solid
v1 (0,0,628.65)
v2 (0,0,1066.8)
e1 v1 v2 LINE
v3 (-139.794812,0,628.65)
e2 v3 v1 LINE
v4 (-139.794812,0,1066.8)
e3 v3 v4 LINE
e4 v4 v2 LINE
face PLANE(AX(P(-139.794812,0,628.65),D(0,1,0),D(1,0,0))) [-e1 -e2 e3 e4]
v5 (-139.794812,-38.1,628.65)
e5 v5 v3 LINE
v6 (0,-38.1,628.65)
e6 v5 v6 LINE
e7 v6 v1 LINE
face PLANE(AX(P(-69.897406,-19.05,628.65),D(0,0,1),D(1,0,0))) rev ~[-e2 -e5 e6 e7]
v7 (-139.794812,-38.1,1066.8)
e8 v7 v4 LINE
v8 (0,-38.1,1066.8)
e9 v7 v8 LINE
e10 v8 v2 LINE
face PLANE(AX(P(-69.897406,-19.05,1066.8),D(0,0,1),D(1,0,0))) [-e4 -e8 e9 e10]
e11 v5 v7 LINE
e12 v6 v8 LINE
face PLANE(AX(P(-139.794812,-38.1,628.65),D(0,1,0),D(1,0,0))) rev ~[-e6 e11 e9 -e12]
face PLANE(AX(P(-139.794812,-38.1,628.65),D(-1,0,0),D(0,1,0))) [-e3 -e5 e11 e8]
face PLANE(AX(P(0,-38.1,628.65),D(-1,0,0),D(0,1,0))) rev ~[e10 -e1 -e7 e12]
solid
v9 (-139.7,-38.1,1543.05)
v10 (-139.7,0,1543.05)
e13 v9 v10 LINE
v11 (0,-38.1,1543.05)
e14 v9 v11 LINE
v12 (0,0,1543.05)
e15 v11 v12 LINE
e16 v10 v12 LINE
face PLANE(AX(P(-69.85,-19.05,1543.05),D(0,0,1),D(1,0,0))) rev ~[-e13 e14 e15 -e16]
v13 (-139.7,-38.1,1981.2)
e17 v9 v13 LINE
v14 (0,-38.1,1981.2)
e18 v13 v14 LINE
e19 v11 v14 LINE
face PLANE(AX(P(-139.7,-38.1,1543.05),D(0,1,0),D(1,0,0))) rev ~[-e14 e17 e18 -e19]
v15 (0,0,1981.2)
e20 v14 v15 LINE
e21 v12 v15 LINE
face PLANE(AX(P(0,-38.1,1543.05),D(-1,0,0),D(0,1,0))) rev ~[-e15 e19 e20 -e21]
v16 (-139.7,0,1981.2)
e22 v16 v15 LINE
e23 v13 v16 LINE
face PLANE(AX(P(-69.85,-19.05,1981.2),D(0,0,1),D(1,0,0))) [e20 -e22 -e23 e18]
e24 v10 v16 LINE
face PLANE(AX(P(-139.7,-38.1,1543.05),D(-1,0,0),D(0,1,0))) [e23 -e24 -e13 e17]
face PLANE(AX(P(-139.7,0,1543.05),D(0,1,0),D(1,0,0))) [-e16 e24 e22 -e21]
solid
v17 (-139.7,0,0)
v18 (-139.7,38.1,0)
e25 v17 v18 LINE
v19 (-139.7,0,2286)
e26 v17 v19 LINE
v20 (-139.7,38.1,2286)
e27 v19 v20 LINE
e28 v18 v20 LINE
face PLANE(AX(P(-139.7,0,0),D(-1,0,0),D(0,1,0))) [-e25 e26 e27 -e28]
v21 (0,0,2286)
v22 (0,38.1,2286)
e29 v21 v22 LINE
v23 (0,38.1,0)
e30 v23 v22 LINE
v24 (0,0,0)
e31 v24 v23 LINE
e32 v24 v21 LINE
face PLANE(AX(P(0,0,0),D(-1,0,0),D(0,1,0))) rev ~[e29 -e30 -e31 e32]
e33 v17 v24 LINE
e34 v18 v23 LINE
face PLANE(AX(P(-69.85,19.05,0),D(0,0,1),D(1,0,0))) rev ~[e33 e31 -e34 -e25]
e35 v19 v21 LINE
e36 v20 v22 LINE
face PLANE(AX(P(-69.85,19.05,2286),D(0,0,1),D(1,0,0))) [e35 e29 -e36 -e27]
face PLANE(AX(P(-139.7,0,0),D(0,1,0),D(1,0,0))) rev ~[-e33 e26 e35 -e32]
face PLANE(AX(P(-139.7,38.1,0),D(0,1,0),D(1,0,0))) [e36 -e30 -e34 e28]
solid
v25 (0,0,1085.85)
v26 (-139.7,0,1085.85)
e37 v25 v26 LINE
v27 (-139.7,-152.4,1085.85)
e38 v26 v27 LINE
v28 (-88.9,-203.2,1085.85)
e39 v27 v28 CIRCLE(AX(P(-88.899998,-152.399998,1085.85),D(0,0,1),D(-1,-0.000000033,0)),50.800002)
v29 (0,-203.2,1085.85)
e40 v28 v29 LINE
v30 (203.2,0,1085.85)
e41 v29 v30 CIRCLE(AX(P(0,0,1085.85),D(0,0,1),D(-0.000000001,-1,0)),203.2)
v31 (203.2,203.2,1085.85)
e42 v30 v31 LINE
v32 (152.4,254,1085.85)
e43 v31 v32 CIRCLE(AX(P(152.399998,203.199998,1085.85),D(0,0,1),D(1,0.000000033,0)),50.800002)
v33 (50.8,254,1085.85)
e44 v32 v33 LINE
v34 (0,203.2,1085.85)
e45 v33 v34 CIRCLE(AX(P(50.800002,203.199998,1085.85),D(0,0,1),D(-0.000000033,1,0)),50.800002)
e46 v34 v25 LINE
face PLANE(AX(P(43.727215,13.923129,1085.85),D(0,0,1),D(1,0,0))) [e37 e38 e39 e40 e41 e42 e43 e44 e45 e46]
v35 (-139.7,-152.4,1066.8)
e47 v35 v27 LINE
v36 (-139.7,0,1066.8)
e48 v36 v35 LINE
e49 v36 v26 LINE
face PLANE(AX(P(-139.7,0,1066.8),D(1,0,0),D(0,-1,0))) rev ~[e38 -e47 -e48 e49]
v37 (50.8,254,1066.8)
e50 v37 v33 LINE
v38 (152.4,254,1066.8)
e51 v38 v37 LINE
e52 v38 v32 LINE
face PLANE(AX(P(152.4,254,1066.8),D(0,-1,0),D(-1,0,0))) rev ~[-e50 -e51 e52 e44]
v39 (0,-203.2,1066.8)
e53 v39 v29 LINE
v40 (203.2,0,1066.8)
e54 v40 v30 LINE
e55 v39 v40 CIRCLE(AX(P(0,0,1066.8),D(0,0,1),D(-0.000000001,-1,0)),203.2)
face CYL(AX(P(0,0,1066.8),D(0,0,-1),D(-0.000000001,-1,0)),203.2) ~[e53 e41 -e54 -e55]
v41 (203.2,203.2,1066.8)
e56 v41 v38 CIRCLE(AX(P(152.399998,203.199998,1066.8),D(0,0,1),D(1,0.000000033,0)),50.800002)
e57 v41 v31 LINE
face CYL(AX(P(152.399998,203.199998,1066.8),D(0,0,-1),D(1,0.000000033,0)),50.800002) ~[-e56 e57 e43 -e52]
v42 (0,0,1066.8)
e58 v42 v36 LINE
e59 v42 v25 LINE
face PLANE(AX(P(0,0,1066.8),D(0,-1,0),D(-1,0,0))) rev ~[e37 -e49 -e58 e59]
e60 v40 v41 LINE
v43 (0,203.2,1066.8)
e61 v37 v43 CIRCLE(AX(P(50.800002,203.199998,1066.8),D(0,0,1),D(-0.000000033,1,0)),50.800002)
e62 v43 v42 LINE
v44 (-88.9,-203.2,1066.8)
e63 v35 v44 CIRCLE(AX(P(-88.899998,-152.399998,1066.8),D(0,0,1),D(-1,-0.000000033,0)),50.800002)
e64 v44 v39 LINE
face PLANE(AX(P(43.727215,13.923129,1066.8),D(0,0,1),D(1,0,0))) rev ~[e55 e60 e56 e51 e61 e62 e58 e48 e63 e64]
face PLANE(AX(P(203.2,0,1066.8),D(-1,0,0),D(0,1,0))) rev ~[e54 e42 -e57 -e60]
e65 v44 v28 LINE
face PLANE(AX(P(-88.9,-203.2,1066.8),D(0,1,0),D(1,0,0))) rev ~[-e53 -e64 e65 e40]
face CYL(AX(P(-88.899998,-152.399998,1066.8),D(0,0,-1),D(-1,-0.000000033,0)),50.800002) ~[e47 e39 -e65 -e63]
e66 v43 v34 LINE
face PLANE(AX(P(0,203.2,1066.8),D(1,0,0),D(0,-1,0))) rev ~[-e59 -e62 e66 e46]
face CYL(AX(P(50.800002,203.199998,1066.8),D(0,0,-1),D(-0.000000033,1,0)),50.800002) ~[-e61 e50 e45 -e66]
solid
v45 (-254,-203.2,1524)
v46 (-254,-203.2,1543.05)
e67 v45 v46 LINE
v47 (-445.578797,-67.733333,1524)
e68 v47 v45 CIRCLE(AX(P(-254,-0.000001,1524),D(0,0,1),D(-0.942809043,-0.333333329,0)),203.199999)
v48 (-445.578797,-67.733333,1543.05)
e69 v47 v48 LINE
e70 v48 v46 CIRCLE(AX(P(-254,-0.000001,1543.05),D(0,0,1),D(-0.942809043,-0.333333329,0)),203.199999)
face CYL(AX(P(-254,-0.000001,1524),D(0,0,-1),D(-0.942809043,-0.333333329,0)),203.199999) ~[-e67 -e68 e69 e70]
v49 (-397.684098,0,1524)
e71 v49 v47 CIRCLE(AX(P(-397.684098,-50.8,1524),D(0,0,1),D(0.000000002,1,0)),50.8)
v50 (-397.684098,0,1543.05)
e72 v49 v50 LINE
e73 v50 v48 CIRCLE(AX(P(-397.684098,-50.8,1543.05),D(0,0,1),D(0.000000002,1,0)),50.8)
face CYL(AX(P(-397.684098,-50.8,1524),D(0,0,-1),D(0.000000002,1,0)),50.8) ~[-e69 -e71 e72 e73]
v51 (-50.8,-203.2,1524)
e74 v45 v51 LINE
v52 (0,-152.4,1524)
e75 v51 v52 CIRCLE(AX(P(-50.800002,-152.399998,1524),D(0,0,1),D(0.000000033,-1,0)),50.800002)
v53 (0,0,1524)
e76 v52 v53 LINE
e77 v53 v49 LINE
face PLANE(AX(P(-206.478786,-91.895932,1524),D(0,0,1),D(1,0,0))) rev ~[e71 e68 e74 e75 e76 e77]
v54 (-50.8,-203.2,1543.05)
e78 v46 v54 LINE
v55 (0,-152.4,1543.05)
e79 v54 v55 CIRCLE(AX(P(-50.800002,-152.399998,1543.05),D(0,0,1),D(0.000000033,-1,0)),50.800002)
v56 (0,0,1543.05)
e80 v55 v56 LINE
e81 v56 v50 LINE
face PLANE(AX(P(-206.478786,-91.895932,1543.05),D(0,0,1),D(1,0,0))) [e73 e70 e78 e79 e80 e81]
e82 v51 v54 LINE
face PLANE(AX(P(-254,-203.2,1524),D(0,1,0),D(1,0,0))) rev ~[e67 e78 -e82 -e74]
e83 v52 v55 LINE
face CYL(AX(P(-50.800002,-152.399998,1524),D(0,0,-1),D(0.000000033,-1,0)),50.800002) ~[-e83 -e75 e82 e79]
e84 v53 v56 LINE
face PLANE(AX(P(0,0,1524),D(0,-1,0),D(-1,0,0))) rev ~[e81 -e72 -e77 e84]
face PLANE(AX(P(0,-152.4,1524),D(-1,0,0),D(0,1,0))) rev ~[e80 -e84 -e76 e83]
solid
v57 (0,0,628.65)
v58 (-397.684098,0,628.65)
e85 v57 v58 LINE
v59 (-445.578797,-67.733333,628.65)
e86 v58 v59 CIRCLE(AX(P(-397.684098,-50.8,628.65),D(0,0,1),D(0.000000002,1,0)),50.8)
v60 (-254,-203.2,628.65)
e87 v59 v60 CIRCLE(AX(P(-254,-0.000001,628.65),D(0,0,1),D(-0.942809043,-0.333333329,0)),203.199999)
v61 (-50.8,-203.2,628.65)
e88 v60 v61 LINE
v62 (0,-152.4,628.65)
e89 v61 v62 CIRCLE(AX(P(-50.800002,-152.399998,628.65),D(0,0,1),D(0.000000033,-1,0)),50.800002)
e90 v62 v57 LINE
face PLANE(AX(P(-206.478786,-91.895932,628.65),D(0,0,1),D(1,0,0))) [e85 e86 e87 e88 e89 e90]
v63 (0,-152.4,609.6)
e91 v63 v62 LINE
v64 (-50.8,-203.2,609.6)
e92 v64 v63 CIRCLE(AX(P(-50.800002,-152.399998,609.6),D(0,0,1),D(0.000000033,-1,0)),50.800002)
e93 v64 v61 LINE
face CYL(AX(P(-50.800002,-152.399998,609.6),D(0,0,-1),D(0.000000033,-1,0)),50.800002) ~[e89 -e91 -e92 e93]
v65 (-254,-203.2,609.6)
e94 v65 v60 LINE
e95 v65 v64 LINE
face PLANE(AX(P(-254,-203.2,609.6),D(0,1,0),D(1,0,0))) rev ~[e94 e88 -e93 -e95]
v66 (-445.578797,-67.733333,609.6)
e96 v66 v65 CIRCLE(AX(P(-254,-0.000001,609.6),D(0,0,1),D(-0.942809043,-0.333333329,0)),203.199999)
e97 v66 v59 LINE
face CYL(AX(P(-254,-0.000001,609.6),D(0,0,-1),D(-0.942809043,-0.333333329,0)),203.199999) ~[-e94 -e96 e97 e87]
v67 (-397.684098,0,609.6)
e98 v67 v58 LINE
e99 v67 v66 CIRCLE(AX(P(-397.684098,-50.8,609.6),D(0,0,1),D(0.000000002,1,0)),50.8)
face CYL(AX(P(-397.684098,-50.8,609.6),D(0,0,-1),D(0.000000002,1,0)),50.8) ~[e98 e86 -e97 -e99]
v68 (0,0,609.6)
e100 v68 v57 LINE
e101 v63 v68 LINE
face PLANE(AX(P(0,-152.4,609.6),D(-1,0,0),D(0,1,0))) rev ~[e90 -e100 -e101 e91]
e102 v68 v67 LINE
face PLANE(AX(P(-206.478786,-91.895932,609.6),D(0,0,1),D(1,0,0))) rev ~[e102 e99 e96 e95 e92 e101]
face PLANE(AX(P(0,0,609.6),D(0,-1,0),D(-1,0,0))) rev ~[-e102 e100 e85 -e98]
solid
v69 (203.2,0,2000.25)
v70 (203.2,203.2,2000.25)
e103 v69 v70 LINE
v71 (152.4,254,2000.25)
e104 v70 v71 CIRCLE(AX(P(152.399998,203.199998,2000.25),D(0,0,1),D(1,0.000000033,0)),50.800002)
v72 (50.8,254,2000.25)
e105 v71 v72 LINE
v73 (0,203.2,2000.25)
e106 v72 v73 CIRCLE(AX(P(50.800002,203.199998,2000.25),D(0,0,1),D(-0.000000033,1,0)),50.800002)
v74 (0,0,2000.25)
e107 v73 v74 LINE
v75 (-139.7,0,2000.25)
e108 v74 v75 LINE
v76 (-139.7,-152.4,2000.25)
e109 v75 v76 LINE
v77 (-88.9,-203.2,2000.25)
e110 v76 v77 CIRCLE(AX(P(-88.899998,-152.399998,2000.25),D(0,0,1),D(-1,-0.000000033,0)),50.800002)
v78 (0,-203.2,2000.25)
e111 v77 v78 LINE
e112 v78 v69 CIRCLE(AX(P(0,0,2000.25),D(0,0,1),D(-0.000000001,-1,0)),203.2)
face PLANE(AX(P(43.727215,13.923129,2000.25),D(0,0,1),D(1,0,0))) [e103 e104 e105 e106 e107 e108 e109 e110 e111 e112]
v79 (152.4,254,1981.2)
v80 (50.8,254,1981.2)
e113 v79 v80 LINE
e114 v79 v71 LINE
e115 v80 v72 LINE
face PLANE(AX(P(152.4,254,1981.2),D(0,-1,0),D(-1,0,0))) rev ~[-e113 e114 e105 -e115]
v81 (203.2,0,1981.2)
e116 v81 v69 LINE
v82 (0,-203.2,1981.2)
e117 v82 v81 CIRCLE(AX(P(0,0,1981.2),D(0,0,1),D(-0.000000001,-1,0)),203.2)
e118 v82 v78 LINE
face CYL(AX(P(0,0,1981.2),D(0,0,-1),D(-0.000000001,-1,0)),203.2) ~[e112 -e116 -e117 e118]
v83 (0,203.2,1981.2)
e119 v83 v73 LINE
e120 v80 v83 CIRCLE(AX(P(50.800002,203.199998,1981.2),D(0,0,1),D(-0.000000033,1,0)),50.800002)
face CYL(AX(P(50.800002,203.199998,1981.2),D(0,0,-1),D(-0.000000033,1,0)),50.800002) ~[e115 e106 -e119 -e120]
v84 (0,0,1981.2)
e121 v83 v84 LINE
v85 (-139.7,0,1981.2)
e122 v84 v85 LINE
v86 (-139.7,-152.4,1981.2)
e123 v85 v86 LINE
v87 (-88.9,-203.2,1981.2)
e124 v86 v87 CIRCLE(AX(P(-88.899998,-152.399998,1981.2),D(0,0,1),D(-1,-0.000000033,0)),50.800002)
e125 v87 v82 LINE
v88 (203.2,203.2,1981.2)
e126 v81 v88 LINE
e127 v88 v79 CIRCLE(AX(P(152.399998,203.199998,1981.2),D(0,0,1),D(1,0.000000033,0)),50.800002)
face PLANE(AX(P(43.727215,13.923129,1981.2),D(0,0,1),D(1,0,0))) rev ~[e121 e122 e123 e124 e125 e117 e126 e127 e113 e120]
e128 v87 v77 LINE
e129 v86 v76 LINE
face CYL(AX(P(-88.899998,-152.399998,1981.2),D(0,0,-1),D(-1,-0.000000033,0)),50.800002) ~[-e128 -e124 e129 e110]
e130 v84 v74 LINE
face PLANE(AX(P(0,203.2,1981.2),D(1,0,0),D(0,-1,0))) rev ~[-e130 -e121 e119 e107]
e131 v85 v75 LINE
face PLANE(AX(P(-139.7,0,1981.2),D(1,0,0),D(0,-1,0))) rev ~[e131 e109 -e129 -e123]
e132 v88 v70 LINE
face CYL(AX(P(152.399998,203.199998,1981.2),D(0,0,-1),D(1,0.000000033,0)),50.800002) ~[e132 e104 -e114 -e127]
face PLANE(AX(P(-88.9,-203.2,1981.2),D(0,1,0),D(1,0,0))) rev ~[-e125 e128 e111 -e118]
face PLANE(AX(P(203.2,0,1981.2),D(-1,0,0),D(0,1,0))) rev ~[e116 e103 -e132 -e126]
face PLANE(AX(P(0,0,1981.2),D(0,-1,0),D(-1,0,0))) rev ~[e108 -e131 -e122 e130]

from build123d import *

# Parameters (mm, degrees)
F4_W      = 139.7
F4_H      = 38.1
F5_DEPTH  = 2286
F7_DEPTH  = 19.05
F9_DEPTH  = 19.05
F11_DEPTH = 19.05
F13_DEPTH = 19.05
F14_W     = 139.794812
F14_H     = 38.1
F15_DEPTH = 438.15
F16_W     = 139.7
F16_H     = 38.1
F17_DEPTH = 438.15


with BuildPart() as f5:
    # F4 (on Top) → F5 (new body)
    with BuildSketch(Plane.XY):
        with Locations((-69.85, 19.05)):
            Rectangle(F4_W, F4_H)
    extrude(amount=F5_DEPTH)


with BuildPart() as f7:
    # F6 (on offset) → F7 (new body)
    with BuildSketch(Plane.XY.offset(609.6)):
        with BuildLine():
            Line((0, -152.4), (0, 0))
            Line((0, 0), (-254, 0))
            Line((-254, 0), (-397.684098, 0))
            ThreePointArc((-397.684098, 0), (-439.162124, -21.470606), (-445.578797, -67.733333))
            ThreePointArc((-445.578797, -67.733333), (-371.317575, -165.912105), (-254, -203.2))
            Line((-254, -203.2), (-50.8, -203.2))
            ThreePointArc((-50.8, -203.2), (-14.878976, -188.321024), (0, -152.4))
        make_face()
    extrude(amount=F7_DEPTH)


with BuildPart() as f9:
    # F8 (on offset) → F9 (new body)
    with BuildSketch(Plane.XY.offset(1066.8)):
        with BuildLine():
            Line((0, 0), (-139.7, 0))
            Line((-139.7, 0), (-139.7, -152.4))
            ThreePointArc((-139.7, -152.4), (-124.821024, -188.321024), (-88.9, -203.2))
            Line((-88.9, -203.2), (0, -203.2))
            ThreePointArc((0, -203.2), (143.684098, -143.684098), (203.2, 0))
            Line((203.2, 0), (203.2, 203.2))
            ThreePointArc((203.2, 203.2), (188.321024, 239.121024), (152.4, 254))
            Line((152.4, 254), (50.8, 254))
            ThreePointArc((50.8, 254), (14.878976, 239.121024), (0, 203.2))
            Line((0, 203.2), (0, 0))
        make_face()
    extrude(amount=F9_DEPTH)


with BuildPart() as f11:
    # F10 (on offset) → F11 (new body)
    with BuildSketch(Plane.XY.offset(1524)):
        with BuildLine():
            Line((0, -152.4), (0, 0))
            Line((0, 0), (-254, 0))
            Line((-254, 0), (-397.684098, 0))
            ThreePointArc((-397.684098, 0), (-439.162124, -21.470606), (-445.578797, -67.733333))
            ThreePointArc((-445.578797, -67.733333), (-371.317575, -165.912105), (-254, -203.2))
            Line((-254, -203.2), (-50.8, -203.2))
            ThreePointArc((-50.8, -203.2), (-14.878976, -188.321024), (0, -152.4))
        make_face()
    extrude(amount=F11_DEPTH)


with BuildPart() as f13:
    # F12 (on offset) → F13 (new body)
    with BuildSketch(Plane.XY.offset(1981.2)):
        with BuildLine():
            Line((0, 0), (-139.7, 0))
            Line((-139.7, 0), (-139.7, -152.4))
            ThreePointArc((-139.7, -152.4), (-124.821024, -188.321024), (-88.9, -203.2))
            Line((-88.9, -203.2), (0, -203.2))
            ThreePointArc((0, -203.2), (143.684098, -143.684098), (203.2, 0))
            Line((203.2, 0), (203.2, 203.2))
            ThreePointArc((203.2, 203.2), (188.321024, 239.121024), (152.4, 254))
            Line((152.4, 254), (50.8, 254))
            ThreePointArc((50.8, 254), (14.878976, 239.121024), (0, 203.2))
            Line((0, 203.2), (0, 0))
        make_face()
    extrude(amount=F13_DEPTH)


with BuildPart() as f15:
    # F14 (on face) → F15 (new body)
    with BuildSketch(Plane.XY.offset(628.65)):
        with Locations((-69.897406, -19.05)):
            Rectangle(F14_W, F14_H)
    extrude(amount=F15_DEPTH)


with BuildPart() as f17:
    # F16 (on face) → F17 (new body)
    with BuildSketch(Plane.XY.offset(1543.05)):
        with Locations((-69.85, -19.05)):
            Rectangle(F16_W, F16_H)
    extrude(amount=F17_DEPTH)


solid = Compound([f5.part, f7.part, f9.part, f11.part, f13.part, f15.part, f17.part])
